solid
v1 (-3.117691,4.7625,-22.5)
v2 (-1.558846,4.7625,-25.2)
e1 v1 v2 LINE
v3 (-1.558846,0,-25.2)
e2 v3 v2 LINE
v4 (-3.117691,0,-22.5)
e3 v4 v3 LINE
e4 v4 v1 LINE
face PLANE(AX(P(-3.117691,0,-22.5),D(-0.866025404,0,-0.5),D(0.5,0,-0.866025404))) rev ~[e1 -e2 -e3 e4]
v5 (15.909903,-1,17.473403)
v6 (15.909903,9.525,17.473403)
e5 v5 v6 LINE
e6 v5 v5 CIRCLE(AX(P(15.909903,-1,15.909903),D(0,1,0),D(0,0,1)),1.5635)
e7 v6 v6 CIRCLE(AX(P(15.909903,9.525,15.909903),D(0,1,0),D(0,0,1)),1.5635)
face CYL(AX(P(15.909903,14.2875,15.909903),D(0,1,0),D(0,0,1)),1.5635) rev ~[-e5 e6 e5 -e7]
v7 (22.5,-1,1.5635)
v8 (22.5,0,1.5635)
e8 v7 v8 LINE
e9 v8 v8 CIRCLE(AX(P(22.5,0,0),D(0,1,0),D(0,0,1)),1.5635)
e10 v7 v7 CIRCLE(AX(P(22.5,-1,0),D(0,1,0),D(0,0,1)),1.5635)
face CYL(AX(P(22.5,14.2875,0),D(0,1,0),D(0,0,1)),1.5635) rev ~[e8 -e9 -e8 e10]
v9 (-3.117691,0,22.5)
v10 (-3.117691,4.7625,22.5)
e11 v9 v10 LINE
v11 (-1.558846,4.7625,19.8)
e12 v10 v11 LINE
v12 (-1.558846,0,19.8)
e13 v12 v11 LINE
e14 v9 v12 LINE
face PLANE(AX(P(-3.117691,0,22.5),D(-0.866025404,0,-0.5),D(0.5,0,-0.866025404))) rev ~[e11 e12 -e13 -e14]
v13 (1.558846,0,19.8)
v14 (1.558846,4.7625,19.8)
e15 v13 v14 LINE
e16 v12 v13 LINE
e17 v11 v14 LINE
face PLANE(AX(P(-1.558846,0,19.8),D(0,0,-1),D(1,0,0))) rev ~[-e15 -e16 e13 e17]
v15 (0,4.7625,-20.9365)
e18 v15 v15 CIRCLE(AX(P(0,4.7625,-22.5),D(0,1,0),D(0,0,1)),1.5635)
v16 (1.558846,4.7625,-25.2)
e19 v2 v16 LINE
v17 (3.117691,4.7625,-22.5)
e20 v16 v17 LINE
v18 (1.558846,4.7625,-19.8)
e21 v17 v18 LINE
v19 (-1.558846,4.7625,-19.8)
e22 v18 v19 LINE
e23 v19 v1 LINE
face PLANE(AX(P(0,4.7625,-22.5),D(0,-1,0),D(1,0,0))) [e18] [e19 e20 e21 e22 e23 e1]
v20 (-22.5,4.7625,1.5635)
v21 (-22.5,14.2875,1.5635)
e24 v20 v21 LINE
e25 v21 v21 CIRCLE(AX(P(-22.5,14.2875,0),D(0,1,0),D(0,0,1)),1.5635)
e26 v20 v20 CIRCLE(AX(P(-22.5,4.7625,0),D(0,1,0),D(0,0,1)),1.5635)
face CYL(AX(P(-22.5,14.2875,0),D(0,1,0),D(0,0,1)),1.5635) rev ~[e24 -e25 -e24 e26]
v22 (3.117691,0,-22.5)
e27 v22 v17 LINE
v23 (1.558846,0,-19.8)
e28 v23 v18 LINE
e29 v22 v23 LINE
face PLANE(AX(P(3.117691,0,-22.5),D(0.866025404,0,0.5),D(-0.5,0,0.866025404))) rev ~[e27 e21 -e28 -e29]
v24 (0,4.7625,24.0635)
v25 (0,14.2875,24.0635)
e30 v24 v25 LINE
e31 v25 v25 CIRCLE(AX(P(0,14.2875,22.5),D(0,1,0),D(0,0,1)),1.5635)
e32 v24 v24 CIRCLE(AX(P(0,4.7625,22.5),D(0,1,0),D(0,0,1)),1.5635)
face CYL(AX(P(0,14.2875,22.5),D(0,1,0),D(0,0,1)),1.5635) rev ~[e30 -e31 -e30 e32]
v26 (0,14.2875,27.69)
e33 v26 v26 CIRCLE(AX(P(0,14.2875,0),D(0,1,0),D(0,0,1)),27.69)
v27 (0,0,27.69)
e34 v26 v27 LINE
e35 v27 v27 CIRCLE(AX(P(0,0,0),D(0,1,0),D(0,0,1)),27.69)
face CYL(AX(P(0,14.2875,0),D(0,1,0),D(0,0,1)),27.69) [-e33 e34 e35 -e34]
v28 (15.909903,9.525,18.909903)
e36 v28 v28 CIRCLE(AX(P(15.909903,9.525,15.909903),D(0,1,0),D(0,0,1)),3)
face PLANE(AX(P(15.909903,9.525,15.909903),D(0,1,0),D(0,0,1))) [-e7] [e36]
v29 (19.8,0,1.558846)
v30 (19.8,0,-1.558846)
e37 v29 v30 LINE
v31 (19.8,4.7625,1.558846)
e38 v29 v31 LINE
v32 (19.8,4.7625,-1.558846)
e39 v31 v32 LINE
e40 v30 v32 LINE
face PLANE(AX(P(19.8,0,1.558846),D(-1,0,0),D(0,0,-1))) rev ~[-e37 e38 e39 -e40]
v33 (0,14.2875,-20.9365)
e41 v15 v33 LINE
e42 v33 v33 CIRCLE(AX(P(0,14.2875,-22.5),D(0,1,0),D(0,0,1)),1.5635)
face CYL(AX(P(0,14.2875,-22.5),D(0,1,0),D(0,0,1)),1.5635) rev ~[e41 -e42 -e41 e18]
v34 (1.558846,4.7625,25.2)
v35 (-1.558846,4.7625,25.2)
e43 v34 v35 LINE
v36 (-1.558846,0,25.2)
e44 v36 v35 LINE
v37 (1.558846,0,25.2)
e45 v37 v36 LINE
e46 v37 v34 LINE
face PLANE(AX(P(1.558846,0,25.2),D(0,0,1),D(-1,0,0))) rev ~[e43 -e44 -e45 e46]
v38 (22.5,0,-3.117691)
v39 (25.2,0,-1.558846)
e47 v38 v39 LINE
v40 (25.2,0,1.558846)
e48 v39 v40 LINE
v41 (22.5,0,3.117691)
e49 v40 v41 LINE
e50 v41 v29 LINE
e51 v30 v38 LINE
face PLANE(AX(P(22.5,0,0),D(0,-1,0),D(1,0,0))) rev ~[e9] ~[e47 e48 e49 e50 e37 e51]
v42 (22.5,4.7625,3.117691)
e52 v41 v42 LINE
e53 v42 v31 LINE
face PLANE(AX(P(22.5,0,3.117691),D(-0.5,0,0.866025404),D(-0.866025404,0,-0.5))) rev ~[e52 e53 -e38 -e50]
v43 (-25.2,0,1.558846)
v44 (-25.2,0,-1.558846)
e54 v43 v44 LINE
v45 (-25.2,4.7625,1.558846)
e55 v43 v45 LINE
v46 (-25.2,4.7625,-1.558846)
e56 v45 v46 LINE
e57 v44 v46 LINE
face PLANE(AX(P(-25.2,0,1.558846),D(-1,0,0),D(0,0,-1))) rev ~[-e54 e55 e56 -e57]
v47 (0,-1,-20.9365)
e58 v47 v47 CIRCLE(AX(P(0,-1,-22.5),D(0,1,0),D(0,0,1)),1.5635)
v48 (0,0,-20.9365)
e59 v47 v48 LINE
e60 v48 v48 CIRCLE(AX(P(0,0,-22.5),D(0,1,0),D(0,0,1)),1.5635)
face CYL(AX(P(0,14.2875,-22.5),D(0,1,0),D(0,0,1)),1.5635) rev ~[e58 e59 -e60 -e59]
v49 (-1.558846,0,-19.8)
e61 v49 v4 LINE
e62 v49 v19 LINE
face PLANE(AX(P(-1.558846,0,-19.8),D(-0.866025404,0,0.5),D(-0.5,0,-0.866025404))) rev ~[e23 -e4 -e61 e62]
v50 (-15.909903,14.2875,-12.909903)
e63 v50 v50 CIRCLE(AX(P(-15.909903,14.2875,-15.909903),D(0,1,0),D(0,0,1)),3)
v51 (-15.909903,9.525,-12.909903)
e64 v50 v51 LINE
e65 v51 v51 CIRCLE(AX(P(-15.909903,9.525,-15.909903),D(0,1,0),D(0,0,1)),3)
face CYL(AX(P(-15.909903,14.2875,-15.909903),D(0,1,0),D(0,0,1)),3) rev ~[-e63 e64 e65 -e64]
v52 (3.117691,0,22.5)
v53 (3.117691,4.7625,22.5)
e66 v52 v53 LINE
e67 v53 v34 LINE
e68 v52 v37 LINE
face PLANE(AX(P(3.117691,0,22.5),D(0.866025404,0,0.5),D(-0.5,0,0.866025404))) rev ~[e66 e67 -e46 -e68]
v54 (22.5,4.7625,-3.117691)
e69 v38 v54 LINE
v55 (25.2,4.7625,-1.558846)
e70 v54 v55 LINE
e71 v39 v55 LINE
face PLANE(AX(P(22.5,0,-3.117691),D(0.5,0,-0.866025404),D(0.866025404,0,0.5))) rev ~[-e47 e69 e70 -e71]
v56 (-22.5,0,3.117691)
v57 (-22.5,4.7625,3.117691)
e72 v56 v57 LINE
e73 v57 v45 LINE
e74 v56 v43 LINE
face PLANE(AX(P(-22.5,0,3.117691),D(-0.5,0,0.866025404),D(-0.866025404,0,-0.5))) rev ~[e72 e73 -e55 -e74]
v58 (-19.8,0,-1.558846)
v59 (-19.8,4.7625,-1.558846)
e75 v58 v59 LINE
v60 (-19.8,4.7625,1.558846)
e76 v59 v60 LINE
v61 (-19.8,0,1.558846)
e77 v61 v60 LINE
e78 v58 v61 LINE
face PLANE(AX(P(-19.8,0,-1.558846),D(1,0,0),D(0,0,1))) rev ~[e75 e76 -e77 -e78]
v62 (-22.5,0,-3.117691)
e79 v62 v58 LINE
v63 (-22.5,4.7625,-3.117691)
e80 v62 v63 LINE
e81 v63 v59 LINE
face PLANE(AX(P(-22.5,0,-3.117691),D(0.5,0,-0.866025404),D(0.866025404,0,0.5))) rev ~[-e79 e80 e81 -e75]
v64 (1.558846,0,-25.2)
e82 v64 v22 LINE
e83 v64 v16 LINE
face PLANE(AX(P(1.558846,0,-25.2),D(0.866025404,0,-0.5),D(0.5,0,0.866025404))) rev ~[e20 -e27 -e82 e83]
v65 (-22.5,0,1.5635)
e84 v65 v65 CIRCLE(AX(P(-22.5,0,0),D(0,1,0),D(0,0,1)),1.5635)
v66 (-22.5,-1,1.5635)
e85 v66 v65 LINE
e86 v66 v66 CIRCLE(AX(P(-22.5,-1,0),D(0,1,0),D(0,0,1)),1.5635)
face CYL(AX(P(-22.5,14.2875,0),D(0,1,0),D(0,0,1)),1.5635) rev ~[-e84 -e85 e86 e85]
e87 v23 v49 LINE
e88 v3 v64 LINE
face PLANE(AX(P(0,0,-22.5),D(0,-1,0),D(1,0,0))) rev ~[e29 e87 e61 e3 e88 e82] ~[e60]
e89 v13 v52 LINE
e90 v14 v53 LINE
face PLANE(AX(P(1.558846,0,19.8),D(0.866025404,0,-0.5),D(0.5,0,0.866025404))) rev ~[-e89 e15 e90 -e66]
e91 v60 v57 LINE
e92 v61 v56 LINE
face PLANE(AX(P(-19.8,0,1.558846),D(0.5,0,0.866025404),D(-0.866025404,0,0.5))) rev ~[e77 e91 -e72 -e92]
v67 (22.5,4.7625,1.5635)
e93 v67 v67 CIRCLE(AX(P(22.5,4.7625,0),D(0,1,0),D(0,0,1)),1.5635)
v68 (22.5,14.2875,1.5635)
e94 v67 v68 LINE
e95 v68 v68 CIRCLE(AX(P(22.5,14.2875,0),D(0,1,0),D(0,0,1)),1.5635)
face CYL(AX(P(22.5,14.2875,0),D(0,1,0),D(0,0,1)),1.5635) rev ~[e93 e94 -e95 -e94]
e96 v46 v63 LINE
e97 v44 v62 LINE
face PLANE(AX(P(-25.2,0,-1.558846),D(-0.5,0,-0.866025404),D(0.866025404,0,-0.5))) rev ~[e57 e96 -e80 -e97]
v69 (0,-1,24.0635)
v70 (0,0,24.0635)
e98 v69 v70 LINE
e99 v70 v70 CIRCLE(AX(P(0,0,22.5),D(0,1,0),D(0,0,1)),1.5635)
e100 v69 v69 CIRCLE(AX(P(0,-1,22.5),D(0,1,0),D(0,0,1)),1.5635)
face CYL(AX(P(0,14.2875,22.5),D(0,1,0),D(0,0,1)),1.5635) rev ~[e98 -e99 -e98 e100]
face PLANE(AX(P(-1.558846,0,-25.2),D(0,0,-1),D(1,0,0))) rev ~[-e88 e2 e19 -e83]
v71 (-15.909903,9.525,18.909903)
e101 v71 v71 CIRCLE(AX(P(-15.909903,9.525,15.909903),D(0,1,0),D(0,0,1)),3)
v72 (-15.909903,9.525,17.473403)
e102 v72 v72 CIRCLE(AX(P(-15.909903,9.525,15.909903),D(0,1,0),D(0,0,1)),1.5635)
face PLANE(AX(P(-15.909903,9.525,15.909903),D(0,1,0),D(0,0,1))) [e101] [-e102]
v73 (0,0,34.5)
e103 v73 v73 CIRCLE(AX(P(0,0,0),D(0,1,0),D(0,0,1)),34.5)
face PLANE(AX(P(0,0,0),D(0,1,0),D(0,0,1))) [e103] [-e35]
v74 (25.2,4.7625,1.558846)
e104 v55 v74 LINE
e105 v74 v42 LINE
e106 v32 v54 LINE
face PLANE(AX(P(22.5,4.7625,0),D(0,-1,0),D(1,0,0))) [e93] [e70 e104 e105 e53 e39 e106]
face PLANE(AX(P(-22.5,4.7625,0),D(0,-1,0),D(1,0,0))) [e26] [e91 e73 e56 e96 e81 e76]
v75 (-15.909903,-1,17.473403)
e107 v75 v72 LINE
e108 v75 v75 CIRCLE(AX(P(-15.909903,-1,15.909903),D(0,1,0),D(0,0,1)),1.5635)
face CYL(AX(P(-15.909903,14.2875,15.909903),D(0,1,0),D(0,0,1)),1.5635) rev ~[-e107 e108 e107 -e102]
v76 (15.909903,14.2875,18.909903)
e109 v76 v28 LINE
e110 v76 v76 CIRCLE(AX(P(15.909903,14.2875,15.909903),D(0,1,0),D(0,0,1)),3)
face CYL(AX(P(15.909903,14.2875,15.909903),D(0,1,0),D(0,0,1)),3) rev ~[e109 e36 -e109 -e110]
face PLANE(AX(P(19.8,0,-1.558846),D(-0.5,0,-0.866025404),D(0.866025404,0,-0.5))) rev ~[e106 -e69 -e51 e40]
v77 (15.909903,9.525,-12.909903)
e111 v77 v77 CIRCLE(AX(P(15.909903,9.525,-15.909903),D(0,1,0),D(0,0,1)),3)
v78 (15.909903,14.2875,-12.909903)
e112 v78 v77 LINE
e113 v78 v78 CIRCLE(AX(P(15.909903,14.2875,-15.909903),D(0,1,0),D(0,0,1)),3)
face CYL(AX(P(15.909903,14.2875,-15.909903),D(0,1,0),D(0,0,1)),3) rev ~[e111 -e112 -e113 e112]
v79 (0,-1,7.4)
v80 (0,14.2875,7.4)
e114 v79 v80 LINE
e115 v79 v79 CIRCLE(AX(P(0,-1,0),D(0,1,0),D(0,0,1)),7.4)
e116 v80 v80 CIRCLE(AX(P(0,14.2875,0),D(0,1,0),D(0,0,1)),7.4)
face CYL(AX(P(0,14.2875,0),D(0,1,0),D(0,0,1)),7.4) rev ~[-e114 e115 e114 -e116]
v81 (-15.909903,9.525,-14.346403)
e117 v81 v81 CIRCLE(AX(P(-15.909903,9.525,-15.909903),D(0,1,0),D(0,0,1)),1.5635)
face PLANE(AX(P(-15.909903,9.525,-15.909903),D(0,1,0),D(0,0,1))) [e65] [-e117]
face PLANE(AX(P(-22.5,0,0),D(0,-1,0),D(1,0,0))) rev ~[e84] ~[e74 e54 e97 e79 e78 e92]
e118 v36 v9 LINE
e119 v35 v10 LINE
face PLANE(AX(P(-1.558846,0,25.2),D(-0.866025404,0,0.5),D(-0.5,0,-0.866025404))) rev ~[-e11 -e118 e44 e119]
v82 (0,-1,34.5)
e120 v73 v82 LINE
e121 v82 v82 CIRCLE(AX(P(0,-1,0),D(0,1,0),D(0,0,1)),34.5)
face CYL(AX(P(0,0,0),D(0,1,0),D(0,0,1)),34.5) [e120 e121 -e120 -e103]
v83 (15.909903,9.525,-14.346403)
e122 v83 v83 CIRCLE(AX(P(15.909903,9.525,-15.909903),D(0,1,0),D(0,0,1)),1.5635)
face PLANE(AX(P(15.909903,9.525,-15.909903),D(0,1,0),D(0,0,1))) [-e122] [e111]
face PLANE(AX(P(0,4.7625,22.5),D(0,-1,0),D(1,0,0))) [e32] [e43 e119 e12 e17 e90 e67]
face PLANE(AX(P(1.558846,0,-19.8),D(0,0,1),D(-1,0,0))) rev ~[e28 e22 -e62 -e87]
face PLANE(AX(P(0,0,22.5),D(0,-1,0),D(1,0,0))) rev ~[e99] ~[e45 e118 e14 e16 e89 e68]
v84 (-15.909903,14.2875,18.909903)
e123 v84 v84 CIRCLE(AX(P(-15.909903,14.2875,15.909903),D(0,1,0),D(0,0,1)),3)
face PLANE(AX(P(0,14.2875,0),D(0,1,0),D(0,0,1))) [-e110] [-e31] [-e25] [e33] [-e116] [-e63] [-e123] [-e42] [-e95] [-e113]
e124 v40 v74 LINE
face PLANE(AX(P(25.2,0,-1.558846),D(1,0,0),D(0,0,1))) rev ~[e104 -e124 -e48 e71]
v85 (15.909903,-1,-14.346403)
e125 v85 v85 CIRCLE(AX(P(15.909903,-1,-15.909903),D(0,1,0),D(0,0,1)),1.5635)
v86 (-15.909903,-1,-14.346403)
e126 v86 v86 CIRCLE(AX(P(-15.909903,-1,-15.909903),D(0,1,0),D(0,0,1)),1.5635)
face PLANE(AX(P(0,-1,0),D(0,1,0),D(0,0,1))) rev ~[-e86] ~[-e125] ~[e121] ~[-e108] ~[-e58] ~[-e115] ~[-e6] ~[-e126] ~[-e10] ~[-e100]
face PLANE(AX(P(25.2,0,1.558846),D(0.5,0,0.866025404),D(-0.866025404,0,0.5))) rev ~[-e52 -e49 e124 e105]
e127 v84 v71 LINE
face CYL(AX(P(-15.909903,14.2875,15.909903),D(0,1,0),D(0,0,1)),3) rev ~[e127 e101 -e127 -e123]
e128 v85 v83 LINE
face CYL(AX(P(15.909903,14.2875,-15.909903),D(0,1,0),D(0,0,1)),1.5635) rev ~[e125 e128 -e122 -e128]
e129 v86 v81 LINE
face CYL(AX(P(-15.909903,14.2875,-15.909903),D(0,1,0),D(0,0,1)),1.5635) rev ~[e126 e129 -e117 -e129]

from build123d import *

# Parameters (mm, degrees)
SKETCH1_R           = 34.5
SKETCH1_R_2         = 1.5635
SKETCH1_R_3         = 7.4
BOSS_EXTRUDE1_DEPTH = 1
BOSS_EXTRUDE2_START = 14.2875
SKETCH1_3_R         = 27.69
SKETCH1_3_R_2       = 7.4
SKETCH1_3_R_3       = 1.5635
BOSS_EXTRUDE2_DEPTH = 14.2875
SKETCH2_R           = 3
SKETCH2_R_2         = 1.5635
CUT_EXTRUDE1_DEPTH  = 4.7625
CUT_EXTRUDE4_START  = -1
CUT_EXTRUDE4_DEPTH  = 4.7625


with BuildPart() as part:
    # Sketch1 → Boss-Extrude1 (new body)
    with BuildSketch(Plane(origin=(0, 0, 0), x_dir=(1, 0, 0), z_dir=(0, 1, 0))):
        Circle(SKETCH1_R)
        with Locations((22.5, 0)):
            Circle(SKETCH1_R_2, mode=Mode.SUBTRACT)
        with Locations((-15.909902577, -15.909902577)):
            Circle(SKETCH1_R_2, mode=Mode.SUBTRACT)
        with Locations((0, -22.5)):
            Circle(SKETCH1_R_2, mode=Mode.SUBTRACT)
        with Locations((15.909902577, -15.909902577)):
            Circle(SKETCH1_R_2, mode=Mode.SUBTRACT)
        with Locations((-22.5, 0)):
            Circle(SKETCH1_R_2, mode=Mode.SUBTRACT)
        with Locations((-15.909902577, 15.909902577)):
            Circle(SKETCH1_R_2, mode=Mode.SUBTRACT)
        with Locations((0, 22.5)):
            Circle(SKETCH1_R_2, mode=Mode.SUBTRACT)
        with Locations((15.909902577, 15.909902577)):
            Circle(SKETCH1_R_2, mode=Mode.SUBTRACT)
        Circle(SKETCH1_R_3, mode=Mode.SUBTRACT)
    extrude(amount=-BOSS_EXTRUDE1_DEPTH)

    # Sketch1<3> → Boss-Extrude2 (add)
    with BuildSketch(Plane(origin=(0, 0, 0), x_dir=(1, 0, 0), z_dir=(0, 1, 0)).offset(BOSS_EXTRUDE2_START)):
        Circle(SKETCH1_3_R)
        Circle(SKETCH1_3_R_2, mode=Mode.SUBTRACT)
        with Locations((-15.909902577, -15.909902577)):
            Circle(SKETCH1_3_R_3, mode=Mode.SUBTRACT)
        with Locations((0, -22.5)):
            Circle(SKETCH1_3_R_3, mode=Mode.SUBTRACT)
        with Locations((15.909902577, -15.909902577)):
            Circle(SKETCH1_3_R_3, mode=Mode.SUBTRACT)
        with Locations((-22.5, 0)):
            Circle(SKETCH1_3_R_3, mode=Mode.SUBTRACT)
        with Locations((-15.909902577, 15.909902577)):
            Circle(SKETCH1_3_R_3, mode=Mode.SUBTRACT)
        with Locations((0, 22.5)):
            Circle(SKETCH1_3_R_3, mode=Mode.SUBTRACT)
        with Locations((22.5, 0)):
            Circle(SKETCH1_3_R_3, mode=Mode.SUBTRACT)
        with Locations((15.909902577, 15.909902577)):
            Circle(SKETCH1_3_R_3, mode=Mode.SUBTRACT)
    extrude(amount=-BOSS_EXTRUDE2_DEPTH)

    # Sketch2 → Cut-Extrude1 (cut)
    # profile 1 of 4: a face of its own
    with BuildSketch(Plane(origin=(0, 14.2875, 0), x_dir=(1, 0, 0), z_dir=(0, 1, 0))):
        with Locations((15.909902577, 15.909902577)):
            Circle(SKETCH2_R)
        with Locations((15.909902577, 15.909902577)):
            Circle(SKETCH2_R_2, mode=Mode.SUBTRACT)
    # profile 2 of 4: a face of its own
    with BuildSketch(Plane(origin=(0, 14.2875, 0), x_dir=(1, 0, 0), z_dir=(0, 1, 0))):
        with Locations((15.909902577, -15.909902577)):
            Circle(SKETCH2_R)
    # profile 3 of 4: a face of its own
    with BuildSketch(Plane(origin=(0, 14.2875, 0), x_dir=(1, 0, 0), z_dir=(0, 1, 0))):
        with Locations((-15.909902577, -15.909902577)):
            Circle(SKETCH2_R)
        with Locations((-15.909902577, -15.909902577)):
            Circle(SKETCH2_R_2, mode=Mode.SUBTRACT)
    # profile 4 of 4: a face of its own
    with BuildSketch(Plane(origin=(0, 14.2875, 0), x_dir=(1, 0, 0), z_dir=(0, 1, 0))):
        with Locations((-15.909902577, 15.909902577)):
            Circle(SKETCH2_R)
        with Locations((-15.909902577, 15.909902577)):
            Circle(SKETCH2_R_2, mode=Mode.SUBTRACT)
    extrude(amount=-CUT_EXTRUDE1_DEPTH, mode=Mode.SUBTRACT)

    # Sketch4 → Cut-Extrude4 (cut)
    with BuildSketch(Plane.XZ.offset(1).offset(CUT_EXTRUDE4_START)):
        Polygon((22.5, 3.117691454), (19.8, 1.558845727), (19.8, -1.558845727), (22.5, -3.117691454), (25.2, -1.558845727), (25.2, 1.558845727), align=None)
        Polygon((1.558845727, 25.2), (-1.558845727, 25.2), (-3.117691454, 22.5), (-1.558845727, 19.8), (1.558845727, 19.8), (3.117691454, 22.5), align=None)
        Polygon((3.117691454, -22.5), (1.558845727, -19.8), (-1.558845727, -19.8), (-3.117691454, -22.5), (-1.558845727, -25.2), (1.558845727, -25.2), align=None)
        Polygon((-22.5, -3.117691454), (-19.8, -1.558845727), (-19.8, 1.558845727), (-22.5, 3.117691454), (-25.2, 1.558845727), (-25.2, -1.558845727), align=None)
    extrude(amount=-CUT_EXTRUDE4_DEPTH, mode=Mode.SUBTRACT)


solid = part.part
